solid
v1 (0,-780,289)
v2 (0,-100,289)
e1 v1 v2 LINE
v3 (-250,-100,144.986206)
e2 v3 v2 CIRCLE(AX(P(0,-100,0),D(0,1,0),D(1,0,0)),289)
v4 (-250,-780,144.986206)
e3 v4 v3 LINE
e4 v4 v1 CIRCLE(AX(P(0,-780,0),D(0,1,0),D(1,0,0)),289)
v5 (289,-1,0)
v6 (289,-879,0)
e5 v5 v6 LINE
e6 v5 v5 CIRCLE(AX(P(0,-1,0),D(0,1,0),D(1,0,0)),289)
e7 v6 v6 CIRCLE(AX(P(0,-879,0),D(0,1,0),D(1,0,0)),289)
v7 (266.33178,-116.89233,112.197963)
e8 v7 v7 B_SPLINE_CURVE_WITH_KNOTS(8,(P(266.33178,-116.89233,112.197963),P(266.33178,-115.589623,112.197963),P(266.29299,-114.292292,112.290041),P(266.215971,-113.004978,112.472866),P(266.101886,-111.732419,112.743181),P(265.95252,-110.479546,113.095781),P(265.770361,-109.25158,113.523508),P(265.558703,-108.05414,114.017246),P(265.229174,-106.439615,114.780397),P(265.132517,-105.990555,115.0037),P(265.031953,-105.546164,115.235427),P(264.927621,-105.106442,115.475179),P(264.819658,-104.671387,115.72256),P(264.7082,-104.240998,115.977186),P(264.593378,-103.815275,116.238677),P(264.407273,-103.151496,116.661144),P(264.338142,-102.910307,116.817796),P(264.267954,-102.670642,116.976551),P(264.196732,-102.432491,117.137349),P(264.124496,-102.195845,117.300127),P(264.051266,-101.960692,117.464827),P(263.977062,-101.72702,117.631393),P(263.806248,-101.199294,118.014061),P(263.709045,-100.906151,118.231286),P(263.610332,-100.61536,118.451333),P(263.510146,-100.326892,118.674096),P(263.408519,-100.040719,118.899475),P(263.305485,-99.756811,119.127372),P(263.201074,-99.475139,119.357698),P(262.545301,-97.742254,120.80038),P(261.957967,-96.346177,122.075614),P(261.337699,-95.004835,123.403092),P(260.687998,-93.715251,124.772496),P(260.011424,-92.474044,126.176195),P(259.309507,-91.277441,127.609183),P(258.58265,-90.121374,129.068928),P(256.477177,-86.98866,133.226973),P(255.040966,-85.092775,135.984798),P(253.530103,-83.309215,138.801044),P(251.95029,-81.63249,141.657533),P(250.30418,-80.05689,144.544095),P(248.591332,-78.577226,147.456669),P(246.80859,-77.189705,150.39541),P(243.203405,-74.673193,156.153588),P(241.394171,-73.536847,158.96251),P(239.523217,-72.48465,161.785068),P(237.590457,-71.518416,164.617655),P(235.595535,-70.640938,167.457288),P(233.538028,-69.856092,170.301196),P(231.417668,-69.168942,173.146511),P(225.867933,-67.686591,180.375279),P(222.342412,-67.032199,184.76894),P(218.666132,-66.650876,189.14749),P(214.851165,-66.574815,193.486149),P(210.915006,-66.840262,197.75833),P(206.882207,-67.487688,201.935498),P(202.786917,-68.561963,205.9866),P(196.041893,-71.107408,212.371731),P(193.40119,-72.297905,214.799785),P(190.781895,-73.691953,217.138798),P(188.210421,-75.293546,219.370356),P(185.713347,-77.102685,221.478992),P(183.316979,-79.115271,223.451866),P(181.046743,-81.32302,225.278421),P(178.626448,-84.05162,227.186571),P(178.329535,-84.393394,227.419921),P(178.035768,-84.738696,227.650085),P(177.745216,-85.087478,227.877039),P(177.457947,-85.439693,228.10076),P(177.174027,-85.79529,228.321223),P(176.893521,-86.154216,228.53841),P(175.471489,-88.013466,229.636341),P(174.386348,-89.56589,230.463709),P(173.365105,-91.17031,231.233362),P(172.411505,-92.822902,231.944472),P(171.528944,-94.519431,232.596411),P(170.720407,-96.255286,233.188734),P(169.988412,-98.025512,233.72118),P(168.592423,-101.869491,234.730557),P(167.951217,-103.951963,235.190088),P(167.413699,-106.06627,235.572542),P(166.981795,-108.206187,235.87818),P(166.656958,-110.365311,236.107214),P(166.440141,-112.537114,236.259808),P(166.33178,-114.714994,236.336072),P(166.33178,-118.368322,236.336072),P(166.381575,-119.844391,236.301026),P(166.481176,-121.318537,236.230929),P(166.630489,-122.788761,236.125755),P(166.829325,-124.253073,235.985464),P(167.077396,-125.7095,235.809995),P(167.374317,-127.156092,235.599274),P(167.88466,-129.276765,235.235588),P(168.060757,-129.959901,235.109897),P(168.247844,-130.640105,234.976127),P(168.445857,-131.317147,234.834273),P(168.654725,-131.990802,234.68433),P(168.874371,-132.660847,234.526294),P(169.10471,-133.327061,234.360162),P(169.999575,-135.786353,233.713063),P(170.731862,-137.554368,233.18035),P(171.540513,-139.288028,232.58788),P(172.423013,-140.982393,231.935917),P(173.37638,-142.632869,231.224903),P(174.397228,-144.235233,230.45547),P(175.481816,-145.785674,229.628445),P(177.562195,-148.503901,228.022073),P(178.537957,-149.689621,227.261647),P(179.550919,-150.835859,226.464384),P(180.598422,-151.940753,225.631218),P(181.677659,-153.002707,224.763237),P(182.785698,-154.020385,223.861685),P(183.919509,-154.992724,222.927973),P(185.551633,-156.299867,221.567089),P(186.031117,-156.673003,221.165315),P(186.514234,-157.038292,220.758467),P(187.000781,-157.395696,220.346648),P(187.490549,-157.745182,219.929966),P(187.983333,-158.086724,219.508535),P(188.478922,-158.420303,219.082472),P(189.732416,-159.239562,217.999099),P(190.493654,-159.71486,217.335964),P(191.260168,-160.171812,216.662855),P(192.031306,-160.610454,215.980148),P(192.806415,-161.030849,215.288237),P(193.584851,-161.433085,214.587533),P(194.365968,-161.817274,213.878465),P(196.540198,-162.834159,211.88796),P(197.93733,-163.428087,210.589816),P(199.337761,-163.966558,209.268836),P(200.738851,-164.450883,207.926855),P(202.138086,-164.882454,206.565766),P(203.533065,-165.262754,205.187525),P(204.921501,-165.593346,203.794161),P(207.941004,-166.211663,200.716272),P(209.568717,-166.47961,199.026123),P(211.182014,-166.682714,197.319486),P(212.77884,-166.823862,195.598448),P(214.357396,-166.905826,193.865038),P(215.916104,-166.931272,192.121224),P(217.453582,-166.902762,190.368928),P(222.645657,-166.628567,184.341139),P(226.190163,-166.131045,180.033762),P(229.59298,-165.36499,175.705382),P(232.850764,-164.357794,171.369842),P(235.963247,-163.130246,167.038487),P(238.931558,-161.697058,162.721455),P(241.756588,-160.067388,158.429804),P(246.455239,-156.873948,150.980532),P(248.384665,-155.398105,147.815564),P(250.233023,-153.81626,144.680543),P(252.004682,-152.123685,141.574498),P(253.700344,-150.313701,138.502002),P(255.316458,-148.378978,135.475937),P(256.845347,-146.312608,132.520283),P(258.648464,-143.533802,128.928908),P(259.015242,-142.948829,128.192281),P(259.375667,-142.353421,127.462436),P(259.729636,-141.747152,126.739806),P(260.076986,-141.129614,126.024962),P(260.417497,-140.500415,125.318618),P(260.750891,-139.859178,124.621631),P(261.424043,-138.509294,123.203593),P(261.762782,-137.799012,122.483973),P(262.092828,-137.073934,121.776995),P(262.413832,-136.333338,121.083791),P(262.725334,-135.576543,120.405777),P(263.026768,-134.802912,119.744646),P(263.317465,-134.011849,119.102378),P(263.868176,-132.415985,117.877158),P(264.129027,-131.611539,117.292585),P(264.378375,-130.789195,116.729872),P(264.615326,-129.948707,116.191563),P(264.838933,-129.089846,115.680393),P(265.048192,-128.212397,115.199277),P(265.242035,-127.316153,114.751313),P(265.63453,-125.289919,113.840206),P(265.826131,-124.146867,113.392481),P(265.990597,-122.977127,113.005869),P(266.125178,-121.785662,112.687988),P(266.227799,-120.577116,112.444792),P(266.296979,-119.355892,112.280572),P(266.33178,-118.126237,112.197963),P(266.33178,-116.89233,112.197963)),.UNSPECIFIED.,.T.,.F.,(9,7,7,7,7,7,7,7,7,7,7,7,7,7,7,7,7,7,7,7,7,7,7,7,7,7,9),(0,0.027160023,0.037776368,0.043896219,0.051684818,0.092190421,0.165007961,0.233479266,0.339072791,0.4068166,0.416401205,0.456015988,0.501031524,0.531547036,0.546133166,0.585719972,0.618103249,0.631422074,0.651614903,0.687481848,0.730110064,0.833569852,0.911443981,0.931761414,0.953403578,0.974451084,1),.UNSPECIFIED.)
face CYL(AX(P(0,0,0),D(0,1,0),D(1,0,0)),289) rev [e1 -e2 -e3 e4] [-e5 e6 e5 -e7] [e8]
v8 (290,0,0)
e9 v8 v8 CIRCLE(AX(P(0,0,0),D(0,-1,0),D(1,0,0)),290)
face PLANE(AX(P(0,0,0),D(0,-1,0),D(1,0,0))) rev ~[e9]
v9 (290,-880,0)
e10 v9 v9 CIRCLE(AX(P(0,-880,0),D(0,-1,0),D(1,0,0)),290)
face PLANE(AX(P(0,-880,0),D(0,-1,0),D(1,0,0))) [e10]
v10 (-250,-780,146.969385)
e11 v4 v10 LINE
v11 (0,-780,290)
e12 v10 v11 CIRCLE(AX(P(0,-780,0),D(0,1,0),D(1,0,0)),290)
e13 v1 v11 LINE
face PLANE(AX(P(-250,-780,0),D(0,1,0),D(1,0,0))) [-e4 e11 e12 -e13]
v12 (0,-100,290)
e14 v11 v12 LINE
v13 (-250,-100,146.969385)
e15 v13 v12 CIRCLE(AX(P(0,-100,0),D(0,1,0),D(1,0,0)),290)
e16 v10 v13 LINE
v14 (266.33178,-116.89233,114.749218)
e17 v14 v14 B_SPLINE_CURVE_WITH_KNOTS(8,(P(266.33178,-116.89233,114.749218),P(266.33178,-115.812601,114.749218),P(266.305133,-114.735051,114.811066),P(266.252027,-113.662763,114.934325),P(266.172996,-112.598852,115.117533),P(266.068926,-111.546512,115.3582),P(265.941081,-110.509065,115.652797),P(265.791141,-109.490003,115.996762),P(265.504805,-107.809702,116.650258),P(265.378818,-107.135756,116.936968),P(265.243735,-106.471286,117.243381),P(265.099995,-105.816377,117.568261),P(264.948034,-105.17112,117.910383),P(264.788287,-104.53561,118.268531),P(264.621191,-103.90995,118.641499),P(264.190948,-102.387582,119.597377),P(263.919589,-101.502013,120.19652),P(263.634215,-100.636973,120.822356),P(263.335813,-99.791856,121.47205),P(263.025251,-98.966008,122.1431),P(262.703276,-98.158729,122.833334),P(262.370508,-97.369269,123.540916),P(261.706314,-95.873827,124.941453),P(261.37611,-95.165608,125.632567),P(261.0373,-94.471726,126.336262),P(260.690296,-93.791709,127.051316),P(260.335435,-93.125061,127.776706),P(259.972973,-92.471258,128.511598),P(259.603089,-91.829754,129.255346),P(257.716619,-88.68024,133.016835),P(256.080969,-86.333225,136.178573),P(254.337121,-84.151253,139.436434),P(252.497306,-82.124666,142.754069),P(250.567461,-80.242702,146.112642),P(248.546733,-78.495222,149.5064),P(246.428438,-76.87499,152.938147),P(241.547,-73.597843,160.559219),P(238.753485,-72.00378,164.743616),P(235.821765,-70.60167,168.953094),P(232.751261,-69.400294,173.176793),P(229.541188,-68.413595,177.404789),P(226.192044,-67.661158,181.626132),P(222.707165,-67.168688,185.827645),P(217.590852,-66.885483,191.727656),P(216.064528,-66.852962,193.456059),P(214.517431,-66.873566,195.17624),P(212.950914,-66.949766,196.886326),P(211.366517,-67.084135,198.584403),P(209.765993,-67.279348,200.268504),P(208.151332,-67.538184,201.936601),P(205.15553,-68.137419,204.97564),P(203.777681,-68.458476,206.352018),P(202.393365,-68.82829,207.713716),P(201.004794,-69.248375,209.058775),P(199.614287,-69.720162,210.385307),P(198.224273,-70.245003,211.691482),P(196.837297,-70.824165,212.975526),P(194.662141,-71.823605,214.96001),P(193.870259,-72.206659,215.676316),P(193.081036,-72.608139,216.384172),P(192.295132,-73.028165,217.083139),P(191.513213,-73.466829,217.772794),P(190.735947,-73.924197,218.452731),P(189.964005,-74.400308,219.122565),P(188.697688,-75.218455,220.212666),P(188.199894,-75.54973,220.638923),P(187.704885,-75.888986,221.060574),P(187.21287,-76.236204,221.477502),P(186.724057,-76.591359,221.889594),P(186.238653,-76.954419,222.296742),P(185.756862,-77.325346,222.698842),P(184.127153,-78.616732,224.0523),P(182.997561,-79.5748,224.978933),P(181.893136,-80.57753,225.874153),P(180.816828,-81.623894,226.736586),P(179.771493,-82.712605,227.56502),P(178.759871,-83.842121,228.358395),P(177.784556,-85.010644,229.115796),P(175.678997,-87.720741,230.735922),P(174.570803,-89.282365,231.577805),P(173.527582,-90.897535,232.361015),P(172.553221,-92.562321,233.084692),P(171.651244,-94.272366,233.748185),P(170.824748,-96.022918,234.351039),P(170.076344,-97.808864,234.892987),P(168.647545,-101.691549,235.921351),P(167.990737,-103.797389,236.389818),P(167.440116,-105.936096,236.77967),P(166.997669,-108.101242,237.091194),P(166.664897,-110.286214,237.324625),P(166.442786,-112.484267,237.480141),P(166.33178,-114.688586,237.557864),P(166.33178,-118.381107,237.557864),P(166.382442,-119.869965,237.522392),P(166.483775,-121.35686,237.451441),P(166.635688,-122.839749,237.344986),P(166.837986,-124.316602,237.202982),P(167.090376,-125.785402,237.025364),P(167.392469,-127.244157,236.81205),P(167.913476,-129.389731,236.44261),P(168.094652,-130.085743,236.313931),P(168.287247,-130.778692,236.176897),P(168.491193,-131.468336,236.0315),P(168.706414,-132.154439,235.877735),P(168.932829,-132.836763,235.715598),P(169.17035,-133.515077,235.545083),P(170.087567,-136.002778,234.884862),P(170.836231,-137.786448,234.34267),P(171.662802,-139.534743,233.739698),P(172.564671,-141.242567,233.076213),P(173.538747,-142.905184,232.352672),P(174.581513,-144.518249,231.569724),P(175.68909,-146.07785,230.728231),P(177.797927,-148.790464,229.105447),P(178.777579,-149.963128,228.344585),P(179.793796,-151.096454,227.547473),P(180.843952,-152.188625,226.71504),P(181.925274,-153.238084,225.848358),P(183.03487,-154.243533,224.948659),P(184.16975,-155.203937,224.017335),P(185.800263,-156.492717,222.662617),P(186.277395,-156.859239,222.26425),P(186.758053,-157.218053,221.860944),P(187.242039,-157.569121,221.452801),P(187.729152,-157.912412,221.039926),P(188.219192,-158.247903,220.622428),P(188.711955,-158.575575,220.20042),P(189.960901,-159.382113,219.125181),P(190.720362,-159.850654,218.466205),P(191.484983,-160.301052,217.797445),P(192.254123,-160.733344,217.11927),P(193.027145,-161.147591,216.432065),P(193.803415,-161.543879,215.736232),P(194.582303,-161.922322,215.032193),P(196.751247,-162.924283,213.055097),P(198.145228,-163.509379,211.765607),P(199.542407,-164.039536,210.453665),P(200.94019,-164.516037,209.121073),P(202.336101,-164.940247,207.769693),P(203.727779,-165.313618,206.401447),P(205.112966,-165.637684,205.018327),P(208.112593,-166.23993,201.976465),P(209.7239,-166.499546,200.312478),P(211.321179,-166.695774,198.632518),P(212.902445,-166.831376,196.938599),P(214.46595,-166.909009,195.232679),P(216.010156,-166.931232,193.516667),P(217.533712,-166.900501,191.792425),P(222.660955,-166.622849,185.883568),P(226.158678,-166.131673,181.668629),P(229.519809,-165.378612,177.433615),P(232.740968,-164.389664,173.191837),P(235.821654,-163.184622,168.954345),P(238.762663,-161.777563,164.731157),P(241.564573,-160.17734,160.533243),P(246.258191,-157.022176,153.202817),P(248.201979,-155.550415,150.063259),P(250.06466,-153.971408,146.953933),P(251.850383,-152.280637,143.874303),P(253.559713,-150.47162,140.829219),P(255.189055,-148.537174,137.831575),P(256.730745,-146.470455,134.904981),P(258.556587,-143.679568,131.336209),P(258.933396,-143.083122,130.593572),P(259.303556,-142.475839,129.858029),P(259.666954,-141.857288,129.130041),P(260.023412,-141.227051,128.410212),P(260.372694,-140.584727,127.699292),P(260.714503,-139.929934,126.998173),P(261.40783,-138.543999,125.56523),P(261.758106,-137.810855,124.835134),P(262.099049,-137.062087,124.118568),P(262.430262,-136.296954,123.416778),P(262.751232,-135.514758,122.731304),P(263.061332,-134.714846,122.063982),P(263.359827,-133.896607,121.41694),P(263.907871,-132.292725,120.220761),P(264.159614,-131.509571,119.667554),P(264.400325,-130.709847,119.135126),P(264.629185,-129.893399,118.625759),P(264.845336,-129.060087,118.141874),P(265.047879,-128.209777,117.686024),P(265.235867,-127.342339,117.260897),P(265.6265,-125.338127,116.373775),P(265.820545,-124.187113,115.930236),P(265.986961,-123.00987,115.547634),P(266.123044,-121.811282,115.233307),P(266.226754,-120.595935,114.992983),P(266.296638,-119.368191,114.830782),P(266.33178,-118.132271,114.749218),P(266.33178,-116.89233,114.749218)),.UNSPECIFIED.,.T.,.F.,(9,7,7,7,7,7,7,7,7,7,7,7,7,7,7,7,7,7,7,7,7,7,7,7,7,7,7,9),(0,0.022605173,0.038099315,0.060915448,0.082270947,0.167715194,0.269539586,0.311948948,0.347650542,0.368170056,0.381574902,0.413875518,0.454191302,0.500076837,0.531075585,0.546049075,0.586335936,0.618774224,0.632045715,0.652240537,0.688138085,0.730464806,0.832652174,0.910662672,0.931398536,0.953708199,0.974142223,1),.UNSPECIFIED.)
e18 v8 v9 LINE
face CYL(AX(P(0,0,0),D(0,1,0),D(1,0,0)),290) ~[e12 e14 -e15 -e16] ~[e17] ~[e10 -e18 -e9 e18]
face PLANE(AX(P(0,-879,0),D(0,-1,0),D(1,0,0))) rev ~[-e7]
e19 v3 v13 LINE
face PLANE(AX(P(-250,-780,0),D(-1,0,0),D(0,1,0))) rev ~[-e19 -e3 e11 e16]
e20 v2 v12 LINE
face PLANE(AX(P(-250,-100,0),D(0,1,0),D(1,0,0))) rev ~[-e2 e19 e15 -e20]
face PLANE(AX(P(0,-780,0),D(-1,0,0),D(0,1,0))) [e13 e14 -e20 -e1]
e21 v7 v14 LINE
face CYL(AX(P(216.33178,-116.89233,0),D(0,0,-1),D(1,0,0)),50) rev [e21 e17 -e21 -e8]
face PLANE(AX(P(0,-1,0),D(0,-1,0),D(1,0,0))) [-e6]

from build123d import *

# Parameters (mm, degrees)
F0_R     = 290
F1_DEPTH = 880
F2_W     = 250
F2_H     = 680
F3_DEPTH = 566
F4_T     = -1
F5_R     = 50
F6_DEPTH = 314


with BuildPart() as f1:
    # F0 (on Front) → F1 (new body)
    with BuildSketch(Plane.XZ):
        Circle(F0_R)
    extrude(amount=F1_DEPTH)

    # F2 (on Top) → F3 (cut)
    with BuildSketch(Plane.XY):
        with Locations((-125, -440)):
            Rectangle(F2_W, F2_H)
    extrude(amount=F3_DEPTH, mode=Mode.SUBTRACT)

    # F4
    f4_openings = [f1.faces().sort_by_distance(p)[0] for p in [
        (0, -440, 145),
        (-250, -440, 73.484692),
        (-125, -440, 0),
        (-113.917816, -780, 127.398954),
        (-113.917816, -100, 127.398954),
    ]]
    offset(amount=F4_T, openings=f4_openings)

    # F5 (on Top) → F6 (cut)
    with BuildSketch(Plane.XY):
        with Locations((216.3317799568, -116.8923303485)):
            Circle(F5_R)
    extrude(amount=F6_DEPTH, mode=Mode.SUBTRACT)


solid = f1.part
